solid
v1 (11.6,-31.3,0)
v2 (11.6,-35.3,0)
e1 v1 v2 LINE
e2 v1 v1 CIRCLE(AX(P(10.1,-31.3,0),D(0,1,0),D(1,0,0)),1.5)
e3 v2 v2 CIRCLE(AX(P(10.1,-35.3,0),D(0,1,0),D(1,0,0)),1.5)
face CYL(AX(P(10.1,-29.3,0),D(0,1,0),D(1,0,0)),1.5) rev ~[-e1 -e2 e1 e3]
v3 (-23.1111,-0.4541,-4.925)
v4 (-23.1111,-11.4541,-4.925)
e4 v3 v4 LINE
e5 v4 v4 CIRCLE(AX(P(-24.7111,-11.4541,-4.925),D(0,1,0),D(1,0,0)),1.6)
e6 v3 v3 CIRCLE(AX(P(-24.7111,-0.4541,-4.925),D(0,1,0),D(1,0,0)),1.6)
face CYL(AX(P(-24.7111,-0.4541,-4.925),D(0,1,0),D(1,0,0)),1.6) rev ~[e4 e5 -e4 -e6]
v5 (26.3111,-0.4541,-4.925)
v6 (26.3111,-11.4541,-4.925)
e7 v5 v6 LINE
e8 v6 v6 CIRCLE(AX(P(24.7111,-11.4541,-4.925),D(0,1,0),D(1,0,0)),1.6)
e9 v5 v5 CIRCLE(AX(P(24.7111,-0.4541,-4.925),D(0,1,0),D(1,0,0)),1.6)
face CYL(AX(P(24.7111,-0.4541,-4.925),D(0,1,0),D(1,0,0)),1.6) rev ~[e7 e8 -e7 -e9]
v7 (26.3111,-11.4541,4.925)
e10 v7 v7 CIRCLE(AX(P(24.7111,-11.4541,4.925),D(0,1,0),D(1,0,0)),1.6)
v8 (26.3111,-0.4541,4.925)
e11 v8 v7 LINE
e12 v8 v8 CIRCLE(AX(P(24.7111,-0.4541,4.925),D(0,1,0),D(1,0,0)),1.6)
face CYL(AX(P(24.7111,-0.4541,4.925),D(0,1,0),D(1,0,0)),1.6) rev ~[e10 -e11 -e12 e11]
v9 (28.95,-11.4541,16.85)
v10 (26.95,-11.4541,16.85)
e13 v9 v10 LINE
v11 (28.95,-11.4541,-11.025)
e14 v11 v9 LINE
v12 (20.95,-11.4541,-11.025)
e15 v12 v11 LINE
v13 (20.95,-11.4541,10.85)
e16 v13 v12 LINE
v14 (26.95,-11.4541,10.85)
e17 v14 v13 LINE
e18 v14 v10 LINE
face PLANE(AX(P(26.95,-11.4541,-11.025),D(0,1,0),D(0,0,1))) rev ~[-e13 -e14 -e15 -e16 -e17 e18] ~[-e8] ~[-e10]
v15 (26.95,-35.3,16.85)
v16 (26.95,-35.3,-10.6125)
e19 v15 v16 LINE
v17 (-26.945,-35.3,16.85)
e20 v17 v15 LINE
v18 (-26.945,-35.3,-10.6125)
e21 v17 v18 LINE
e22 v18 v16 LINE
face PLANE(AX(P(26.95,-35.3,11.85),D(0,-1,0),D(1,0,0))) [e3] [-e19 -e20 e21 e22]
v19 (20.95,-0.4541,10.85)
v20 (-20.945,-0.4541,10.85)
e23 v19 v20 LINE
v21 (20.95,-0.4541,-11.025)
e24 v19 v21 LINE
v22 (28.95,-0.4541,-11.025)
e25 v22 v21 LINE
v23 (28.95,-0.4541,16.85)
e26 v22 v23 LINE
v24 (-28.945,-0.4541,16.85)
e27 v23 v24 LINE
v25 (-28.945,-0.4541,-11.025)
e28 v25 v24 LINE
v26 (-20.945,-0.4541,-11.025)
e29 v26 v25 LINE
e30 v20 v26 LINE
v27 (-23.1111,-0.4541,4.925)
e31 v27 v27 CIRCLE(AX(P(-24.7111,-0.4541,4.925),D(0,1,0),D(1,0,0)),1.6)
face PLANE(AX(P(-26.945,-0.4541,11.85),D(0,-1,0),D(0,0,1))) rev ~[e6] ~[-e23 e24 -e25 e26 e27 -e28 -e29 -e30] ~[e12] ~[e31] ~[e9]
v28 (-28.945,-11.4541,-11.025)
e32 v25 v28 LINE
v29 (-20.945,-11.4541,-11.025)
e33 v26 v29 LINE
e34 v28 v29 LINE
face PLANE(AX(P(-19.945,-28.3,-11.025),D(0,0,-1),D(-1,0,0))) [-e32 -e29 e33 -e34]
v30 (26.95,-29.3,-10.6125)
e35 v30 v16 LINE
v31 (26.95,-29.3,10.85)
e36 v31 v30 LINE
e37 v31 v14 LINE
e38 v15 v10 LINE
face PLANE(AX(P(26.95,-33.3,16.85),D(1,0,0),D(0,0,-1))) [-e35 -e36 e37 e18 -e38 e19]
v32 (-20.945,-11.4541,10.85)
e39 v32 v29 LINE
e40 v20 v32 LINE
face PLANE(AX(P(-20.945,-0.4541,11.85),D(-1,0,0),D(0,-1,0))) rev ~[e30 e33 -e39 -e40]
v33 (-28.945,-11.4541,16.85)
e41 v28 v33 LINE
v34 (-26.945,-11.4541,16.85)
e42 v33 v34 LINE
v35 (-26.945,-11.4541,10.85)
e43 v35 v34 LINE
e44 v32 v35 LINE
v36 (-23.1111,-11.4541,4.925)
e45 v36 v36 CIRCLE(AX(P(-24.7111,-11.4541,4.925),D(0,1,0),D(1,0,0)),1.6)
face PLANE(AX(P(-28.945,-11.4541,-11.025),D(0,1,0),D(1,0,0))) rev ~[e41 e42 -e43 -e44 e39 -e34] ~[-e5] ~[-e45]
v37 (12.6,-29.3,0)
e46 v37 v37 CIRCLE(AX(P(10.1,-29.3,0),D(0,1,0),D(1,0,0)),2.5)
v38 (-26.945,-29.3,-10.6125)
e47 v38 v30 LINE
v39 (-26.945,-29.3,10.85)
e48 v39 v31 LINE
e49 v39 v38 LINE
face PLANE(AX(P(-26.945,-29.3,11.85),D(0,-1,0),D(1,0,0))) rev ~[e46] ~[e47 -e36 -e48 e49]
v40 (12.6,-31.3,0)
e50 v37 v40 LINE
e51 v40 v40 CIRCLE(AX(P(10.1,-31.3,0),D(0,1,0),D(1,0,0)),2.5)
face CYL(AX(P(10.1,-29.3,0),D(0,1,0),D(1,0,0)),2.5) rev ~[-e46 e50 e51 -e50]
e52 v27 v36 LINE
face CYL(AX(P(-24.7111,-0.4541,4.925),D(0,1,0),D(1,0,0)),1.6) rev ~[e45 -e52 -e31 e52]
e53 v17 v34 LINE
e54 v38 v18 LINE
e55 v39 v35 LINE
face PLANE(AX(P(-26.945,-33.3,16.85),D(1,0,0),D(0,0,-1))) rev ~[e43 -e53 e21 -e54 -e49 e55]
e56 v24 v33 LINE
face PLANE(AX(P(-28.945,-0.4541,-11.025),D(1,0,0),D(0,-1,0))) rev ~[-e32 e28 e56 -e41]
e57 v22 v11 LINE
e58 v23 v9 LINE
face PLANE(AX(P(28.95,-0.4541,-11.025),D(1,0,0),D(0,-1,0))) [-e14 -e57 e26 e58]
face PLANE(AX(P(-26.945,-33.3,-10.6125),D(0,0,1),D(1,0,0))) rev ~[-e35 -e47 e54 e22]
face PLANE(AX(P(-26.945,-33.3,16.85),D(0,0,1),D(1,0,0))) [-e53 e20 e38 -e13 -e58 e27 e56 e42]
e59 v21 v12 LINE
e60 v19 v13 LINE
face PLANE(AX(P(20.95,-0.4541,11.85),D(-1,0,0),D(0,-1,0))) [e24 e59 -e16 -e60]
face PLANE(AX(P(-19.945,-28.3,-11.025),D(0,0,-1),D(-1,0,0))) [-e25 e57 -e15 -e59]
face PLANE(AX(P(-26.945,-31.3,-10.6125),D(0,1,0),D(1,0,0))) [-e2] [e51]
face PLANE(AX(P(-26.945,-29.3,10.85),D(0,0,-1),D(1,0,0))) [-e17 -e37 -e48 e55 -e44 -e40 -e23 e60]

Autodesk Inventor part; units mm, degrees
ref_plane "Work Plane1" through (-19.25, -0.5, 9.85) normal (0, 0, 1) x (1, 0, 0)
sketch "Sketch1" plane through (-19.25, -0.5, 9.85) normal (0, 0, 1) x (1, 0, 0)
  line L0 (-0.695, -27.8) -> (39.2, -27.8)
  line L1 (39.2, -27.8) -> (39.2, 8.9608)
  line L2 (39.2, 8.9608) -> (-0.695, 8.9608)
  line L3 (-0.695, 8.9608) -> (-0.695, -27.8)
  point P0 (19.25, 0.5)
extrude "Extrusion1" add sketch "Sketch1" along normal blind 3
ref_plane "Work Plane2" through (-19.25, -0.5, 12.85) normal (0, 0, 1) x (1, 0, 0)
sketch "Sketch2" plane through (-19.25, -0.5, 12.85) normal (0, 0, 1) x (1, 0, 0)
  line L0 (39.2, -27.8) -> (39.2, 8.9608) projected
  line L1 (39.2, -27.8) -> (-0.695, -27.8)
  line L2 (-0.695, -27.8) -> (-0.695, 8.9608)
  line L3 (-0.695, 8.9608) -> (39.2, 8.9608)
  line L4 (39.2, 8.9608) -> (39.2, -27.8)
  point P0 (19.25, 0.5)
  point P1 (39.2, 8.9608)
extrude "Extrusion2" add sketch "Sketch2" along normal blind 5
ref_plane "Work Plane4" through (19.95, -28.3, 9.85) normal (1, 0, 0) x (0, 0, -1)
sketch "Sketch3" plane through (19.95, -28.3, 9.85) normal (1, 0, 0) x (0, 0, -1)
  line L0 (0, 0) -> (0, 36.7608) projected
  line L1 (0, 0) -> (-8, 0) projected
  line L2 (0, 36.7608) -> (-2, 36.7608)
  line L3 (-2, 36.7608) -> (-2, 0)
  line L4 (-2, 0) -> (0, 0)
  line L5 (0, 0) -> (0, 36.7608)
  point P0 (9.85, 28.3)
  dimension "d4" = 2
extrude "Extrusion3" cut sketch "Sketch3" against normal blind 50
ref_plane "Work Plane3" through (19.95, -28.3, 17.85) normal (1, 0, 0) x (0, 0, -1)
sketch "Sketch4" plane through (19.95, -28.3, 17.85) normal (1, 0, 0) x (0, 0, -1)
  line L0 (6, 0) -> (0, 0) projected
  line L1 (6, 36.7608) -> (0, 36.7608) projected
  line L2 (0, 0) -> (1, 0)
  line L3 (1, 0) -> (1, 36.7608)
  line L4 (1, 36.7608) -> (0, 36.7608)
  line L5 (0, 36.7608) -> (0, 0)
  point P0 (17.85, 28.3)
  point P1 (1, 0)
  dimension "d7" = 1
extrude "Extrusion4" cut sketch "Sketch4" against normal blind 50
ref_plane "Work Plane5" through (19.95, -28.3, 11.85) normal (1, 0, 0) x (0, 0, -1)
sketch "Sketch5" plane through (19.95, -28.3, 11.85) normal (1, 0, 0) x (0, 0, -1)
  line L0 (-5, 36.7608) -> (-5, 0) projected
  line L1 (0, 0) -> (0, 36.7608) projected
  line L2 (-5, 36.7608) -> (0, 36.7608)
  line L3 (0, 36.7608) -> (0, 0)
  line L4 (0, 0) -> (-5, 0)
  line L5 (-5, 0) -> (-5, 36.7608)
  point P0 (11.85, 28.3)
extrude "Extrusion5" add sketch "Sketch5" along normal blind 7
ref_plane "Work Plane6" through (-19.945, -28.3, 11.85) normal (0, 0, -1) x (-1, 0, 0)
sketch "Sketch6" plane through (-19.945, -28.3, 11.85) normal (0, 0, -1) x (-1, 0, 0)
  line L0 (-46.895, 0) -> (-46.895, 36.7608) projected
  line L1 (-46.895, 27.8459) -> (-40.895, 27.8459)
  line L2 (-40.895, 27.8459) -> (-40.895, 11.8459)
  line L3 (-40.895, 11.8459) -> (-46.895, 11.8459)
  line L4 (-46.895, 11.8459) -> (-46.895, 27.8459)
  point P0 (-19.945, 28.3)
  dimension "d12" = 6
  dimension "d13" = 16
extrude "Extrusion6" add sketch "Sketch6" along normal blind 22.875
sketch "Sketch7" plane through (20.95, -0.4541, 11.85) normal (0, 1, 0) x (1, 0, 0)
  arc A0 (5.4164, 8.2173) -> (5.4164, 5.6327) centre (3.7611, 6.925) ccw projected
  circle A1 centre (3.7611, 6.925) radius 2.5
  arc A2 (5.4164, 18.0673) -> (5.4164, 15.4827) centre (3.7611, 16.775) ccw projected
  circle A3 centre (3.7611, 16.775) radius 2.5
  point P0 (-20.95, 11.85)
  dimension "d16" = 5
  dimension "d17" = 5
extrude "Extrusion7" cut sketch "Sketch7" against normal blind 22.875
ref_plane "Work Plane7" through (26.95, -28.3, 11.85) normal (1, 0, 0) x (0, 0, -1)
sketch "Sketch8" plane through (26.95, -28.3, 11.85) normal (1, 0, 0) x (0, 0, -1)
  line L0 (0, 11.8459) -> (22.875, 11.8459) projected
  line L1 (22.875, 27.8459) -> (22.875, 11.8459) projected
  line L2 (0, 11.8459) -> (22.875, 11.8459)
  line L3 (22.875, 11.8459) -> (22.875, 16.8459)
  line L4 (22.875, 16.8459) -> (0, 16.8459)
  line L5 (0, 16.8459) -> (0, 11.8459)
  point P0 (11.85, 28.3)
  dimension "d20" = 5
extrude "Extrusion8" cut sketch "Sketch8" against normal blind 6.7
ref_plane "Work Plane8" through (-19.945, -28.3, 11.85) normal (-1, 0, 0) x (0, 0, 1)
sketch "Sketch9" plane through (-19.945, -28.3, 11.85) normal (-1, 0, 0) x (0, 0, 1)
  line L0 (0, 36.7608) -> (0, 0) projected
  line L1 (5, 0) -> (0, 0) projected
  line L2 (0, 36.7608) -> (5, 36.7608)
  line L3 (5, 36.7608) -> (5, 0)
  line L4 (5, 0) -> (0, 0)
  line L5 (0, 0) -> (0, 36.7608)
  point P0 (-11.85, 28.3)
extrude "Extrusion9" add sketch "Sketch9" along normal blind 7
ref_plane "Work Plane10" through (26.95, -0.4541, 11.85) normal (0, 0, -1) x (-1, 0, 0)
sketch "Sketch11" plane through (26.95, -0.4541, 11.85) normal (0, 0, -1) x (-1, 0, 0)
  line L0 (53.895, -27.8459) -> (53.895, 8.9148) projected
  line L1 (53.895, 0) -> (47.895, 0)
  line L2 (47.895, 0) -> (47.895, -11)
  line L3 (47.895, -11) -> (53.895, -11)
  line L4 (53.895, -11) -> (53.895, 0)
  point P0 (26.95, 0.4541)
  dimension "d25" = 6
extrude "Extrusion10" add sketch "Sketch11" along normal blind 22.875
sketch "Sketch12" plane through (-26.945, -0.4541, 11.85) normal (0, 1, 0) x (1, 0, 0)
  arc A0 (0.5786, 15.4827) -> (0.5786, 18.0673) centre (2.2339, 16.775) ccw projected
  circle A1 centre (2.2339, 16.775) radius 2.5
  arc A2 (0.5786, 5.6327) -> (0.5786, 8.2173) centre (2.2339, 6.925) ccw projected
  circle A3 centre (2.2339, 6.925) radius 2.5
  point P0 (26.945, 11.85)
  dimension "d28" = 5
  dimension "d29" = 5
extrude "Extrusion11" cut sketch "Sketch12" against normal blind 22.875
ref_plane "Work Plane11" through (-26.945, -28.3, 11.85) normal (-1, 0, 0) x (0, 0, 1)
sketch "Sketch13" plane through (-26.945, -28.3, 11.85) normal (-1, 0, 0) x (0, 0, 1)
  line L0 (0, 16.8459) -> (0, 27.8459) projected
  line L1 (5, 36.7608) -> (0, 36.7608) projected
  line L2 (0, 27.8459) -> (5, 27.8459)
  line L3 (5, 27.8459) -> (5, 36.7608)
  line L4 (5, 36.7608) -> (0, 36.7608)
  line L5 (0, 36.7608) -> (0, 27.8459)
  point P0 (-11.85, 28.3)
extrude "Extrusion12" cut sketch "Sketch13" against normal blind 67.325
ref_plane "Work Plane9" through (26.95, -28.3, 11.85) normal (0, -1, 0) x (1, 0, 0)
sketch "Sketch14" plane through (26.95, -28.3, 11.85) normal (0, -1, 0) x (1, 0, 0)
  line L0 (0, 5) -> (0, 0) projected
  line L1 (0, 5) -> (-53.895, 5) projected
  line L2 (0, 0) -> (-53.895, 0)
  line L3 (-53.895, 0) -> (-53.895, 5)
  line L4 (-53.895, 5) -> (0, 5)
  line L5 (0, 5) -> (0, 0)
  point P0 (-26.95, -11.85)
extrude "Extrusion13" add sketch "Sketch14" along normal blind 5
ref_plane "Work Plane12" through (26.95, -11.4541, 11.85) normal (0, 0, -1) x (-1, 0, 0)
sketch "Sketch15" plane through (26.95, -11.4541, 11.85) normal (0, 0, -1) x (-1, 0, 0)
  line L0 (53.895, -21.8459) -> (0, -21.8459) projected
  line L1 (53.895, 11) -> (53.895, -21.8459) projected
  line L2 (0, -21.8459) -> (53.895, -21.8459)
  line L3 (53.895, -21.8459) -> (53.895, -17.8459)
  line L4 (53.895, -17.8459) -> (0, -17.8459)
  line L5 (0, -17.8459) -> (0, -21.8459)
  point P0 (26.95, 11.4541)
  dimension "d36" = 4
extrude "Extrusion14" add sketch "Sketch15" along normal blind 22.4625
ref_plane "Work Plane13" through (-26.945, -29.3, 11.85) normal (0, 1, 0) x (1, 0, 0)
sketch "Sketch16" plane through (-26.945, -29.3, 11.85) normal (0, 1, 0) x (1, 0, 0)
  line L0 (53.895, 0) -> (53.895, 22.4625) projected
  line L1 (0, 0) -> (0, 22.4625) projected
  line L2 (53.895, 0) -> (0, 0)
  line L3 (0, 0) -> (0, 1)
  line L4 (0, 1) -> (53.895, 1)
  line L5 (53.895, 1) -> (53.895, 0)
  point P0 (26.945, 11.85)
  point P1 (53.895, 1)
  dimension "d39" = 1
extrude "Extrusion15" add sketch "Sketch16" along normal blind 30
ref_plane "Work Plane14" through (26.95, -28.3, 11.85) normal (1, 0, 0) x (0, 0, -1)
sketch "Sketch17" plane through (26.95, -28.3, 11.85) normal (1, 0, 0) x (0, 0, -1)
  line L0 (0, 29) -> (1, 29) projected
  line L1 (5.8126, 27.8459) -> (1, 27.8459) projected
  line L2 (0, 29) -> (1, 29)
  line L3 (1, 29) -> (1, 27.8459)
  line L4 (1, 27.8459) -> (0, 27.8459)
  line L5 (0, 27.8459) -> (0, 29)
  point P0 (11.85, 28.3)
extrude "Extrusion16" cut sketch "Sketch17" against normal blind 100
sketch "Sketch19" plane through (26.95, -33.3, 11.85) normal (0, -1, 0) x (1, 0, 0)
  circle A0 centre (-16.85, -11.85) radius 5
  circle A1 centre (-16.85, -11.85) radius 1.5
  point P0 (-26.95, -11.85)
  dimension "d47" = 10
  dimension "d50" = 3
extrude "Extrusion20" cut sketch "Sketch19" against normal blind 10 contours A1
sketch "Sketch20" plane through (26.95, -33.3, 11.85) normal (0, -1, 0) x (1, 0, 0)
  line L0 (-53.895, -22.4625) -> (0, -22.4625) projected
  line L1 (-53.895, 5) -> (-53.895, -22.4625) projected
  line L2 (0, -22.4625) -> (-53.895, -22.4625)
  line L3 (-53.895, -22.4625) -> (-53.895, 5)
  line L4 (-53.895, 5) -> (0, 5)
  line L5 (0, 5) -> (0, -22.4625)
  point P0 (-26.95, -11.85)
extrude "Extrusion21" add sketch "Sketch20" along normal blind 2
sketch "Sketch21" plane through (-26.945, -29.3, -10.6125) normal (0, 1, 0) x (1, 0, 0)
  circle A0 centre (37.045, -10.6125) radius 1.5 projected
  circle A1 centre (37.045, -10.6125) radius 1.5
  point P0 (26.945, -10.6125)
extrude "Extrusion22" cut sketch "Sketch21" against normal blind 10
sketch "Sketch22" plane through (-26.945, -29.3, -10.6125) normal (0, 1, 0) x (1, 0, 0)
  circle A0 centre (37.045, -10.6125) radius 1.5 projected
  circle A1 centre (37.045, -10.6125) radius 2.5
  point P0 (26.945, -10.6125)
  dimension "d59" = 5
extrude "Extrusion23" cut sketch "Sketch22" against normal blind 2
sketch "Sketch23" plane through (-19.945, -28.3, -11.025) normal (0, 0, -1) x (-1, 0, 0)
  line L0 (-46.895, 27.8459) -> (-46.895, 16.8459) projected
  line L1 (-46.895, 27.8459) -> (-48.895, 27.8459)
  line L2 (-48.895, 27.8459) -> (-48.895, 16.8459)
  line L3 (-48.895, 16.8459) -> (-46.895, 16.8459)
  line L4 (-46.895, 16.8459) -> (-46.895, 27.8459)
  line L5 (7, 16.8459) -> (7, 27.8459) projected
  line L6 (7, 27.8459) -> (9, 27.8459)
  line L7 (9, 27.8459) -> (9, 16.8459)
  line L8 (9, 16.8459) -> (7, 16.8459)
  line L9 (7, 16.8459) -> (7, 27.8459)
  point P0 (-19.945, 28.3)
  dimension "d62" = 2
  dimension "d63" = 2
extrude "Extrusion24" add sketch "Sketch23" against normal up to surface (27.875 mm away)
sketch "Sketch24" plane through (-20.945, -0.4541, 10.85) normal (0, 1, 0) x (1, 0, 0)
  arc A0 (47.895, 7.0374) -> (47.895, 4.8126) centre (45.6561, 5.925) ccw projected
  circle A1 centre (45.6561, 5.925) radius 1.6
  arc A2 (47.895, 16.8874) -> (47.895, 14.6626) centre (45.6561, 15.775) ccw projected
  circle A3 centre (45.6561, 15.775) radius 1.6
  circle A4 centre (45.6561, 5.925) radius 2.5
  circle A5 centre (45.6561, 15.775) radius 2.5
  point P0 (20.945, 10.85)
  point P1 (47.895, 4.8126)
  dimension "d66" = 3.2
  dimension "d67" = 3.2
extrude "Extrusion25" add sketch "Sketch24" against normal up to surface (11 mm away)
sketch "Sketch25" plane through (-20.945, -0.4541, 10.85) normal (0, 1, 0) x (1, 0, 0)
  arc A0 (-6, 4.8025) -> (-6, 7.0475) centre (-3.7661, 5.925) ccw projected
  circle A1 centre (-3.7661, 5.925) radius 1.6
  arc A2 (-6, 14.6525) -> (-6, 16.8975) centre (-3.7661, 15.775) ccw projected
  circle A3 centre (-3.7661, 15.775) radius 1.6
  circle A4 centre (-3.7661, 15.775) radius 2.5
  circle A5 centre (-3.7661, 5.925) radius 2.5
  point P0 (20.945, 10.85)
  point P1 (-6, 7.0475)
  dimension "d70" = 3.2
  dimension "d71" = 3.2
  dimension "d72" = 5
  dimension "d73" = 5
extrude "Extrusion26" add sketch "Sketch25" against normal up to surface (11 mm away)
properties part number "MG996RServoHolder" material "钢"
